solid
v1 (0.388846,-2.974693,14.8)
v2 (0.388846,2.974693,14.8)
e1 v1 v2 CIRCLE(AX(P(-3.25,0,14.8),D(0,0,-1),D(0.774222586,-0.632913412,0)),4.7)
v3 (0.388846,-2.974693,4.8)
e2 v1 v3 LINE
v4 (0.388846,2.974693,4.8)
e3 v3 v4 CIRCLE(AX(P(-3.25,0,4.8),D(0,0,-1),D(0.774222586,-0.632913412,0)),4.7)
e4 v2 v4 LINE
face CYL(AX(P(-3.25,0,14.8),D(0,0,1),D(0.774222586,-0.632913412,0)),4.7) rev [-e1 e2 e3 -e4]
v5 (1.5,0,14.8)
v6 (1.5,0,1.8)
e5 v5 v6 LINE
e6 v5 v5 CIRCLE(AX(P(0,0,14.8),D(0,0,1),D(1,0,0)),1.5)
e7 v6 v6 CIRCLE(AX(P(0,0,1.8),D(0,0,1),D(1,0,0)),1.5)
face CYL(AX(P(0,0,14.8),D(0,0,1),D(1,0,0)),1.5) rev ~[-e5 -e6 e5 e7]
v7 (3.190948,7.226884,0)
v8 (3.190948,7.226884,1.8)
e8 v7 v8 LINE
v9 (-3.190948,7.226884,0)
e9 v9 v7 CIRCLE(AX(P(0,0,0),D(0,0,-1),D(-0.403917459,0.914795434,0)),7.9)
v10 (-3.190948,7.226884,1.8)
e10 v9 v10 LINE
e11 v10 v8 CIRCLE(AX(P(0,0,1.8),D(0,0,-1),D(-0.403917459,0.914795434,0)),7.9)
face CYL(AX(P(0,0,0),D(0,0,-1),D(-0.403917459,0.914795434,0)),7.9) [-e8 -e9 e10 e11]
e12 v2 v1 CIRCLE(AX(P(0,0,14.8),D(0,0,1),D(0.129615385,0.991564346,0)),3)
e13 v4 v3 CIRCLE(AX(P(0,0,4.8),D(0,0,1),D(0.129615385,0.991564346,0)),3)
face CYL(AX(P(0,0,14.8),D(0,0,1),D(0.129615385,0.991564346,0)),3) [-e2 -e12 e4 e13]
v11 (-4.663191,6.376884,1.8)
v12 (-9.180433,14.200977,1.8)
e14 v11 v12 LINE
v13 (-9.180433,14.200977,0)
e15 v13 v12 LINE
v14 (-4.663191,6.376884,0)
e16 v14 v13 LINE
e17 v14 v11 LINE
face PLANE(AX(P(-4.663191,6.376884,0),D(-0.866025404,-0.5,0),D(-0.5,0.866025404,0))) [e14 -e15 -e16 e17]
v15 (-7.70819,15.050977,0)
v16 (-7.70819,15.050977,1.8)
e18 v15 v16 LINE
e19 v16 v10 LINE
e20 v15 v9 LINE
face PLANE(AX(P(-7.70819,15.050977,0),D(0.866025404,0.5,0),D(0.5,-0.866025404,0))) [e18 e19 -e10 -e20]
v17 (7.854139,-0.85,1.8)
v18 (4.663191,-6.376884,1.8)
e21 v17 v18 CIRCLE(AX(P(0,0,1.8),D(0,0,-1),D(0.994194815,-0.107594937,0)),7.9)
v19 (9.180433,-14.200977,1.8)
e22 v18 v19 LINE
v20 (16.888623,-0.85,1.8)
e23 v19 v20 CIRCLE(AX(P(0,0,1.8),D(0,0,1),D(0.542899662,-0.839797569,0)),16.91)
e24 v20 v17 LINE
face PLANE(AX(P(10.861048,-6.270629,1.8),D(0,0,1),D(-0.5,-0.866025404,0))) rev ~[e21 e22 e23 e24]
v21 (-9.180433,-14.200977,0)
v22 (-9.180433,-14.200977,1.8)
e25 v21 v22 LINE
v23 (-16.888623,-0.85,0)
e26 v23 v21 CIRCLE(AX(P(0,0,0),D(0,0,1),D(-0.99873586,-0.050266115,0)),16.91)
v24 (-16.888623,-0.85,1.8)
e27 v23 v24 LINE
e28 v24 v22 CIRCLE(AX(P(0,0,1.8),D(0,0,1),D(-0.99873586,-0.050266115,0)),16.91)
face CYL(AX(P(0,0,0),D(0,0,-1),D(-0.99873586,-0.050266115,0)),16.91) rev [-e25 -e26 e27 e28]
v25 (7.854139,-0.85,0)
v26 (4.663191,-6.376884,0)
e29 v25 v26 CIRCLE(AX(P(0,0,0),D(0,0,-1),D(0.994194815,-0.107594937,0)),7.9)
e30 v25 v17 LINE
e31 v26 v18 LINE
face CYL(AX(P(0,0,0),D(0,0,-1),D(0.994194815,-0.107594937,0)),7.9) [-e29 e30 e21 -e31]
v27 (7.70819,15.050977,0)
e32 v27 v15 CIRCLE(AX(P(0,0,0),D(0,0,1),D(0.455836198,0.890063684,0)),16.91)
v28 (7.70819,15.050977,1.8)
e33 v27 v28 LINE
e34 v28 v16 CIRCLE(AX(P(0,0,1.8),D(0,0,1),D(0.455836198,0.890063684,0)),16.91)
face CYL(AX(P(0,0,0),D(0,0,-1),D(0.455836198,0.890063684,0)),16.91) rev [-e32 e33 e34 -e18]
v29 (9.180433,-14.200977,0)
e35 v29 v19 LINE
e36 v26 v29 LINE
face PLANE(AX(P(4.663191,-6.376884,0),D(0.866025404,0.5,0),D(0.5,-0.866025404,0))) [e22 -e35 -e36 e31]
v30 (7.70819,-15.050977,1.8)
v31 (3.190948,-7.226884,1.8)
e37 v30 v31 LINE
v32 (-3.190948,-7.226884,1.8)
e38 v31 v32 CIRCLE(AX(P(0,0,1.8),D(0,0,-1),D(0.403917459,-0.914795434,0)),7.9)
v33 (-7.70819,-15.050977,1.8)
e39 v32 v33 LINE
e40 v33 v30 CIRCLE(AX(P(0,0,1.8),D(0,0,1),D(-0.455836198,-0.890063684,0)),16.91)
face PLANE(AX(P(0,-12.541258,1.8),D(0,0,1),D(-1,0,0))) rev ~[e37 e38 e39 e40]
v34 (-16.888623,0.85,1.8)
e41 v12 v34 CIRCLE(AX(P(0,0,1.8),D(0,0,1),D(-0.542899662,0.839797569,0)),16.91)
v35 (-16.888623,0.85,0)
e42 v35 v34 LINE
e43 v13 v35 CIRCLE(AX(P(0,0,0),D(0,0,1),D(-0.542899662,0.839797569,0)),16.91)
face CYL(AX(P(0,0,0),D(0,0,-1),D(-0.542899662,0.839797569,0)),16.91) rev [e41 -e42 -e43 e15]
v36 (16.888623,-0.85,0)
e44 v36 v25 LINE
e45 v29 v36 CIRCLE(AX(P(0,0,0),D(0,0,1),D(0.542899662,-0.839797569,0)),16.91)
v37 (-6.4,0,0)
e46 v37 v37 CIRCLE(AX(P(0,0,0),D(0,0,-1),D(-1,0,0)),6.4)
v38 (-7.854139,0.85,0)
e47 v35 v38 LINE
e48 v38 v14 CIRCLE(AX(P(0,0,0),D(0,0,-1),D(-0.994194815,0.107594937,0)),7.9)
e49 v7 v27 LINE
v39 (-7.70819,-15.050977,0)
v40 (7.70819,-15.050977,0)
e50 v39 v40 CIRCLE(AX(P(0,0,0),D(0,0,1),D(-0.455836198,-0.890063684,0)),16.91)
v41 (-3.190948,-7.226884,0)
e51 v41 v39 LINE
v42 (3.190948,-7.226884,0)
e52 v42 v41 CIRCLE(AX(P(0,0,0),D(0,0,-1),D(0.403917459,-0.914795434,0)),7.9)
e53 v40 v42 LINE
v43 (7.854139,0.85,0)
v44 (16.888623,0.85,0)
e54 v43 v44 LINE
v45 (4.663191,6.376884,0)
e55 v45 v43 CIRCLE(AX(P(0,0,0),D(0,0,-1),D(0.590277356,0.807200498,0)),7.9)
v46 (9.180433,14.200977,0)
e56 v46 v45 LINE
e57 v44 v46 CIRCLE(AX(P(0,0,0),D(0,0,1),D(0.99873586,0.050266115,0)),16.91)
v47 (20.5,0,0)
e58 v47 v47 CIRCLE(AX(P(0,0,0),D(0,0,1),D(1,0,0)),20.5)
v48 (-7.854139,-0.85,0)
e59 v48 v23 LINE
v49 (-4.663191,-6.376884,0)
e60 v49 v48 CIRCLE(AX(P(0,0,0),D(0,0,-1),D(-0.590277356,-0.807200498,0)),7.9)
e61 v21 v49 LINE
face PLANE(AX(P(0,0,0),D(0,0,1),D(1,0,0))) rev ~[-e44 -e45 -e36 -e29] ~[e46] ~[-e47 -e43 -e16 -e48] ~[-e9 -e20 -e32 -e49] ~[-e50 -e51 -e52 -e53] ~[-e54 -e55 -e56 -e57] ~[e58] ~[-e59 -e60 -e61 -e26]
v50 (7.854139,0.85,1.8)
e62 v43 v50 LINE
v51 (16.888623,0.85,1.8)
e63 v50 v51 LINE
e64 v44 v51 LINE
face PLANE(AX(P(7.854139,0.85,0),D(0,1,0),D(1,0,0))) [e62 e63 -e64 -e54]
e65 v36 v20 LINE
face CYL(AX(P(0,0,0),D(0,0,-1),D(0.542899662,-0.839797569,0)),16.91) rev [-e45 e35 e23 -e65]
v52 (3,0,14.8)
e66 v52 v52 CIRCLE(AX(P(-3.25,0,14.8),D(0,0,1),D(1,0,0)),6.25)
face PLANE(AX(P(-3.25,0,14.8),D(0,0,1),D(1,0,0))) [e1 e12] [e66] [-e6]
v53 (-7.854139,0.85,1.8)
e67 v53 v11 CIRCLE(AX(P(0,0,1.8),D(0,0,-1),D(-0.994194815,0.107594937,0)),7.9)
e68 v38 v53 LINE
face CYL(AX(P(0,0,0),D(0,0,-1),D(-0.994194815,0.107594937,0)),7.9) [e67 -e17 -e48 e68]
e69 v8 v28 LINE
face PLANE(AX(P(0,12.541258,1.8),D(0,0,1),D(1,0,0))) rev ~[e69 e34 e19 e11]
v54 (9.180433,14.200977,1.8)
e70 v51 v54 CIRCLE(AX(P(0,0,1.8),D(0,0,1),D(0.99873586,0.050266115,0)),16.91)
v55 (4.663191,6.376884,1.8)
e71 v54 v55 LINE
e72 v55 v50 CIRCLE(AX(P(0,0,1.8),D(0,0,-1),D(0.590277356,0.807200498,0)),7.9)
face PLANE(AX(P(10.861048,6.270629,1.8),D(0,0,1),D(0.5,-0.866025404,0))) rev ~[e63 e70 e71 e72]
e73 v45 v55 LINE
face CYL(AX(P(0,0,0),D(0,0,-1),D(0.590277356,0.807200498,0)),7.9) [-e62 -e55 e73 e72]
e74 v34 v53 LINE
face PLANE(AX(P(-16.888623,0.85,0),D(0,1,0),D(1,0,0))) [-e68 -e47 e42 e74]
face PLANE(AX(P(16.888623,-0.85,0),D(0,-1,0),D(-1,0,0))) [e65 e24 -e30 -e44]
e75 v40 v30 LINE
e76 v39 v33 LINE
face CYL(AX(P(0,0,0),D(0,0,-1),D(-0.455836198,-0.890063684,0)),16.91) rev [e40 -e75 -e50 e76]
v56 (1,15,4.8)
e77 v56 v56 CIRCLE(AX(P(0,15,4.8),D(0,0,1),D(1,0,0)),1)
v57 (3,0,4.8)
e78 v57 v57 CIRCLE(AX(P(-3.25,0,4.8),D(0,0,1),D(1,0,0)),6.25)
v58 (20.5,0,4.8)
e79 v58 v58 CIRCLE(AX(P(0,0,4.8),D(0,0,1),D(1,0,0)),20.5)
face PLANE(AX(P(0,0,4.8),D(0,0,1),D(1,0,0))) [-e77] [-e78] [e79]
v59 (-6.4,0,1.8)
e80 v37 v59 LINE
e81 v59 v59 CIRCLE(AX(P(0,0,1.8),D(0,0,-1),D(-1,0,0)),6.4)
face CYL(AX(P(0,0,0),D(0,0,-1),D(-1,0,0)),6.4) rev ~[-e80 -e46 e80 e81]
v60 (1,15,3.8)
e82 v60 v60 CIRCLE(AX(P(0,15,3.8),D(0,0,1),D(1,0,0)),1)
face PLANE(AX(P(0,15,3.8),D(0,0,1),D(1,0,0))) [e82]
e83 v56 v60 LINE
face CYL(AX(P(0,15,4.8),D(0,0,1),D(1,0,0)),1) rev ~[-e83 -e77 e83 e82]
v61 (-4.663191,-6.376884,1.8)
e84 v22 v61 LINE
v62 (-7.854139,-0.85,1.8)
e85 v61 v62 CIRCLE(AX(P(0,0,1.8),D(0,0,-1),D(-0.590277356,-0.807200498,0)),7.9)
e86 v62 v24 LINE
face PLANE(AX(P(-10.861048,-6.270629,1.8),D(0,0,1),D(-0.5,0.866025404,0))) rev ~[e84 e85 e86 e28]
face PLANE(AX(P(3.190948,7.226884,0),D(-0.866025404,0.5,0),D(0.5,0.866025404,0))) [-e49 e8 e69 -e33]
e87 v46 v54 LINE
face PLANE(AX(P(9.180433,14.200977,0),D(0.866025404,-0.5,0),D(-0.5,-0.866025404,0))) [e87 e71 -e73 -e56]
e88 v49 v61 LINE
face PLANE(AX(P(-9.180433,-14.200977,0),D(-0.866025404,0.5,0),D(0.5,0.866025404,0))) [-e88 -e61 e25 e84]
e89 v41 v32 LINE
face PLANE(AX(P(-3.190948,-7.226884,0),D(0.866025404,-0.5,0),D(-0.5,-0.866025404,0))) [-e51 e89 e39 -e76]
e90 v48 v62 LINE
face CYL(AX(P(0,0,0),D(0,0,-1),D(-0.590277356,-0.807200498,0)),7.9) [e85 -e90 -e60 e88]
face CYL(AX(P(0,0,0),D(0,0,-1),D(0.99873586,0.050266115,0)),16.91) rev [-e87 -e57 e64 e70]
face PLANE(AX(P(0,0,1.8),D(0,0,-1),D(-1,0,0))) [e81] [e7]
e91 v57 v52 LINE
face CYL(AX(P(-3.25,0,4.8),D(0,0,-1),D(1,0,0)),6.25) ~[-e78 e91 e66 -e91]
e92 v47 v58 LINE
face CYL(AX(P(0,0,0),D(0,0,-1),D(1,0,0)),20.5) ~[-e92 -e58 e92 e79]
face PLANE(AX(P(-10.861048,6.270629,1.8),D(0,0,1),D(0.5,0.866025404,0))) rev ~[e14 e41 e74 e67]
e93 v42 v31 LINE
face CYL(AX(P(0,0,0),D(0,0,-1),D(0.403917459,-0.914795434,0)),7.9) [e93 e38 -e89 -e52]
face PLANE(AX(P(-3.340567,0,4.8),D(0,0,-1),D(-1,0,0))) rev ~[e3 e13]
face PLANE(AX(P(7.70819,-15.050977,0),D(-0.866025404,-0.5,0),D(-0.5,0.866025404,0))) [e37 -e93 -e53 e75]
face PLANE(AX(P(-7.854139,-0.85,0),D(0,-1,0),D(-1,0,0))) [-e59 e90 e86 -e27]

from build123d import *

# Parameters (mm, degrees)
ESQUISSE2_R                  = 20.5
EXTRUSION1_DEPTH             = 4.8
ESQUISSE3_R                  = 6.25
EXTRUSION2_DEPTH             = 10
ENL_V_MAT_EXTRU_1_DEPTH      = 10
ESQUISSE5_R                  = 1.5
ENL_V_MAT_EXTRU_2_DEPTH      = 33.550576032
ESQUISSE6_R                  = 6.4
ENL_V_MAT_EXTRU_3_DEPTH      = 1.8
ESQUISSE7_R                  = 1
ENL_V_MAT_EXTRU_4_DEPTH      = 1
ENL_V_MAT_EXTRU_5_DEPTH      = 1.8
R_P_TITION_CIRCULAIRE1_COUNT = 6


with BuildPart() as part:
    # Esquisse2 → Extrusion1 (new body)
    with BuildSketch(Plane.XY):
        Circle(ESQUISSE2_R)
    extrude(amount=EXTRUSION1_DEPTH)

    # Esquisse3 → Extrusion2 (add)
    with BuildSketch(Plane.XY.offset(4.8)):
        with Locations((-3.25, 0)):
            Circle(ESQUISSE3_R)
    extrude(amount=EXTRUSION2_DEPTH)

    # Esquisse4 → Enlèv. mat.-Extru.1 (cut)
    with BuildSketch(Plane.XY.offset(14.8)):
        with BuildLine():
            ThreePointArc((0.388846154, 2.974693038), (-3, 0), (0.388846154, -2.974693038))
            ThreePointArc((0.388846154, -2.974693038), (-7.95, 0), (0.388846154, 2.974693038))
        make_face()
    extrude(amount=-ENL_V_MAT_EXTRU_1_DEPTH, mode=Mode.SUBTRACT)

    # Esquisse5 → Enlèv. mat.-Extru.2 (cut, through all)
    with BuildSketch(Plane.XY.offset(14.8)):
        Circle(ESQUISSE5_R)
    extrude(amount=-ENL_V_MAT_EXTRU_2_DEPTH, mode=Mode.SUBTRACT)

    # Esquisse6 → Enlèv. mat.-Extru.3 (cut)
    with BuildSketch(Plane(origin=(0, 0, 0), x_dir=(-1, 0, 0), z_dir=(0, 0, -1))):
        Circle(ESQUISSE6_R)
    extrude(amount=-ENL_V_MAT_EXTRU_3_DEPTH, mode=Mode.SUBTRACT)

    # Esquisse7 → Enlèv. mat.-Extru.4 (cut)
    with BuildSketch(Plane.XY.offset(4.8)):
        with Locations((0, 15)):
            Circle(ESQUISSE7_R)
    extrude(amount=-ENL_V_MAT_EXTRU_4_DEPTH, mode=Mode.SUBTRACT)

    # Esquisse8 → Enlèv. mat.-Extru.5 (cut)
    with BuildSketch(Plane(origin=(0, 0, 0), x_dir=(-1, 0, 0), z_dir=(0, 0, -1))):
        with BuildLine():
            Line((-3.190947925, 7.22688393), (-7.708190102, 15.05097689))
            ThreePointArc((-7.708190102, 15.05097689), (0, 16.91), (7.708190102, 15.05097689))
            Line((7.708190102, 15.05097689), (3.190947925, 7.22688393))
            ThreePointArc((3.190947925, 7.22688393), (0, 7.9), (-3.190947925, 7.22688393))
        make_face()
    enl_v_mat_extru_5 = extrude(amount=-ENL_V_MAT_EXTRU_5_DEPTH, mode=Mode.SUBTRACT)

    # Répétition circulaire1: Enlèv. mat.-Extru.5 ×6 about axis
    r_p_tition_circulaire1_axis = Axis((0, 0, 21.473863608), (0, 0, -1))
    for i in range(1, R_P_TITION_CIRCULAIRE1_COUNT):
        add(enl_v_mat_extru_5.rotate(r_p_tition_circulaire1_axis, i * 360 / R_P_TITION_CIRCULAIRE1_COUNT), mode=Mode.SUBTRACT)


solid = part.part
